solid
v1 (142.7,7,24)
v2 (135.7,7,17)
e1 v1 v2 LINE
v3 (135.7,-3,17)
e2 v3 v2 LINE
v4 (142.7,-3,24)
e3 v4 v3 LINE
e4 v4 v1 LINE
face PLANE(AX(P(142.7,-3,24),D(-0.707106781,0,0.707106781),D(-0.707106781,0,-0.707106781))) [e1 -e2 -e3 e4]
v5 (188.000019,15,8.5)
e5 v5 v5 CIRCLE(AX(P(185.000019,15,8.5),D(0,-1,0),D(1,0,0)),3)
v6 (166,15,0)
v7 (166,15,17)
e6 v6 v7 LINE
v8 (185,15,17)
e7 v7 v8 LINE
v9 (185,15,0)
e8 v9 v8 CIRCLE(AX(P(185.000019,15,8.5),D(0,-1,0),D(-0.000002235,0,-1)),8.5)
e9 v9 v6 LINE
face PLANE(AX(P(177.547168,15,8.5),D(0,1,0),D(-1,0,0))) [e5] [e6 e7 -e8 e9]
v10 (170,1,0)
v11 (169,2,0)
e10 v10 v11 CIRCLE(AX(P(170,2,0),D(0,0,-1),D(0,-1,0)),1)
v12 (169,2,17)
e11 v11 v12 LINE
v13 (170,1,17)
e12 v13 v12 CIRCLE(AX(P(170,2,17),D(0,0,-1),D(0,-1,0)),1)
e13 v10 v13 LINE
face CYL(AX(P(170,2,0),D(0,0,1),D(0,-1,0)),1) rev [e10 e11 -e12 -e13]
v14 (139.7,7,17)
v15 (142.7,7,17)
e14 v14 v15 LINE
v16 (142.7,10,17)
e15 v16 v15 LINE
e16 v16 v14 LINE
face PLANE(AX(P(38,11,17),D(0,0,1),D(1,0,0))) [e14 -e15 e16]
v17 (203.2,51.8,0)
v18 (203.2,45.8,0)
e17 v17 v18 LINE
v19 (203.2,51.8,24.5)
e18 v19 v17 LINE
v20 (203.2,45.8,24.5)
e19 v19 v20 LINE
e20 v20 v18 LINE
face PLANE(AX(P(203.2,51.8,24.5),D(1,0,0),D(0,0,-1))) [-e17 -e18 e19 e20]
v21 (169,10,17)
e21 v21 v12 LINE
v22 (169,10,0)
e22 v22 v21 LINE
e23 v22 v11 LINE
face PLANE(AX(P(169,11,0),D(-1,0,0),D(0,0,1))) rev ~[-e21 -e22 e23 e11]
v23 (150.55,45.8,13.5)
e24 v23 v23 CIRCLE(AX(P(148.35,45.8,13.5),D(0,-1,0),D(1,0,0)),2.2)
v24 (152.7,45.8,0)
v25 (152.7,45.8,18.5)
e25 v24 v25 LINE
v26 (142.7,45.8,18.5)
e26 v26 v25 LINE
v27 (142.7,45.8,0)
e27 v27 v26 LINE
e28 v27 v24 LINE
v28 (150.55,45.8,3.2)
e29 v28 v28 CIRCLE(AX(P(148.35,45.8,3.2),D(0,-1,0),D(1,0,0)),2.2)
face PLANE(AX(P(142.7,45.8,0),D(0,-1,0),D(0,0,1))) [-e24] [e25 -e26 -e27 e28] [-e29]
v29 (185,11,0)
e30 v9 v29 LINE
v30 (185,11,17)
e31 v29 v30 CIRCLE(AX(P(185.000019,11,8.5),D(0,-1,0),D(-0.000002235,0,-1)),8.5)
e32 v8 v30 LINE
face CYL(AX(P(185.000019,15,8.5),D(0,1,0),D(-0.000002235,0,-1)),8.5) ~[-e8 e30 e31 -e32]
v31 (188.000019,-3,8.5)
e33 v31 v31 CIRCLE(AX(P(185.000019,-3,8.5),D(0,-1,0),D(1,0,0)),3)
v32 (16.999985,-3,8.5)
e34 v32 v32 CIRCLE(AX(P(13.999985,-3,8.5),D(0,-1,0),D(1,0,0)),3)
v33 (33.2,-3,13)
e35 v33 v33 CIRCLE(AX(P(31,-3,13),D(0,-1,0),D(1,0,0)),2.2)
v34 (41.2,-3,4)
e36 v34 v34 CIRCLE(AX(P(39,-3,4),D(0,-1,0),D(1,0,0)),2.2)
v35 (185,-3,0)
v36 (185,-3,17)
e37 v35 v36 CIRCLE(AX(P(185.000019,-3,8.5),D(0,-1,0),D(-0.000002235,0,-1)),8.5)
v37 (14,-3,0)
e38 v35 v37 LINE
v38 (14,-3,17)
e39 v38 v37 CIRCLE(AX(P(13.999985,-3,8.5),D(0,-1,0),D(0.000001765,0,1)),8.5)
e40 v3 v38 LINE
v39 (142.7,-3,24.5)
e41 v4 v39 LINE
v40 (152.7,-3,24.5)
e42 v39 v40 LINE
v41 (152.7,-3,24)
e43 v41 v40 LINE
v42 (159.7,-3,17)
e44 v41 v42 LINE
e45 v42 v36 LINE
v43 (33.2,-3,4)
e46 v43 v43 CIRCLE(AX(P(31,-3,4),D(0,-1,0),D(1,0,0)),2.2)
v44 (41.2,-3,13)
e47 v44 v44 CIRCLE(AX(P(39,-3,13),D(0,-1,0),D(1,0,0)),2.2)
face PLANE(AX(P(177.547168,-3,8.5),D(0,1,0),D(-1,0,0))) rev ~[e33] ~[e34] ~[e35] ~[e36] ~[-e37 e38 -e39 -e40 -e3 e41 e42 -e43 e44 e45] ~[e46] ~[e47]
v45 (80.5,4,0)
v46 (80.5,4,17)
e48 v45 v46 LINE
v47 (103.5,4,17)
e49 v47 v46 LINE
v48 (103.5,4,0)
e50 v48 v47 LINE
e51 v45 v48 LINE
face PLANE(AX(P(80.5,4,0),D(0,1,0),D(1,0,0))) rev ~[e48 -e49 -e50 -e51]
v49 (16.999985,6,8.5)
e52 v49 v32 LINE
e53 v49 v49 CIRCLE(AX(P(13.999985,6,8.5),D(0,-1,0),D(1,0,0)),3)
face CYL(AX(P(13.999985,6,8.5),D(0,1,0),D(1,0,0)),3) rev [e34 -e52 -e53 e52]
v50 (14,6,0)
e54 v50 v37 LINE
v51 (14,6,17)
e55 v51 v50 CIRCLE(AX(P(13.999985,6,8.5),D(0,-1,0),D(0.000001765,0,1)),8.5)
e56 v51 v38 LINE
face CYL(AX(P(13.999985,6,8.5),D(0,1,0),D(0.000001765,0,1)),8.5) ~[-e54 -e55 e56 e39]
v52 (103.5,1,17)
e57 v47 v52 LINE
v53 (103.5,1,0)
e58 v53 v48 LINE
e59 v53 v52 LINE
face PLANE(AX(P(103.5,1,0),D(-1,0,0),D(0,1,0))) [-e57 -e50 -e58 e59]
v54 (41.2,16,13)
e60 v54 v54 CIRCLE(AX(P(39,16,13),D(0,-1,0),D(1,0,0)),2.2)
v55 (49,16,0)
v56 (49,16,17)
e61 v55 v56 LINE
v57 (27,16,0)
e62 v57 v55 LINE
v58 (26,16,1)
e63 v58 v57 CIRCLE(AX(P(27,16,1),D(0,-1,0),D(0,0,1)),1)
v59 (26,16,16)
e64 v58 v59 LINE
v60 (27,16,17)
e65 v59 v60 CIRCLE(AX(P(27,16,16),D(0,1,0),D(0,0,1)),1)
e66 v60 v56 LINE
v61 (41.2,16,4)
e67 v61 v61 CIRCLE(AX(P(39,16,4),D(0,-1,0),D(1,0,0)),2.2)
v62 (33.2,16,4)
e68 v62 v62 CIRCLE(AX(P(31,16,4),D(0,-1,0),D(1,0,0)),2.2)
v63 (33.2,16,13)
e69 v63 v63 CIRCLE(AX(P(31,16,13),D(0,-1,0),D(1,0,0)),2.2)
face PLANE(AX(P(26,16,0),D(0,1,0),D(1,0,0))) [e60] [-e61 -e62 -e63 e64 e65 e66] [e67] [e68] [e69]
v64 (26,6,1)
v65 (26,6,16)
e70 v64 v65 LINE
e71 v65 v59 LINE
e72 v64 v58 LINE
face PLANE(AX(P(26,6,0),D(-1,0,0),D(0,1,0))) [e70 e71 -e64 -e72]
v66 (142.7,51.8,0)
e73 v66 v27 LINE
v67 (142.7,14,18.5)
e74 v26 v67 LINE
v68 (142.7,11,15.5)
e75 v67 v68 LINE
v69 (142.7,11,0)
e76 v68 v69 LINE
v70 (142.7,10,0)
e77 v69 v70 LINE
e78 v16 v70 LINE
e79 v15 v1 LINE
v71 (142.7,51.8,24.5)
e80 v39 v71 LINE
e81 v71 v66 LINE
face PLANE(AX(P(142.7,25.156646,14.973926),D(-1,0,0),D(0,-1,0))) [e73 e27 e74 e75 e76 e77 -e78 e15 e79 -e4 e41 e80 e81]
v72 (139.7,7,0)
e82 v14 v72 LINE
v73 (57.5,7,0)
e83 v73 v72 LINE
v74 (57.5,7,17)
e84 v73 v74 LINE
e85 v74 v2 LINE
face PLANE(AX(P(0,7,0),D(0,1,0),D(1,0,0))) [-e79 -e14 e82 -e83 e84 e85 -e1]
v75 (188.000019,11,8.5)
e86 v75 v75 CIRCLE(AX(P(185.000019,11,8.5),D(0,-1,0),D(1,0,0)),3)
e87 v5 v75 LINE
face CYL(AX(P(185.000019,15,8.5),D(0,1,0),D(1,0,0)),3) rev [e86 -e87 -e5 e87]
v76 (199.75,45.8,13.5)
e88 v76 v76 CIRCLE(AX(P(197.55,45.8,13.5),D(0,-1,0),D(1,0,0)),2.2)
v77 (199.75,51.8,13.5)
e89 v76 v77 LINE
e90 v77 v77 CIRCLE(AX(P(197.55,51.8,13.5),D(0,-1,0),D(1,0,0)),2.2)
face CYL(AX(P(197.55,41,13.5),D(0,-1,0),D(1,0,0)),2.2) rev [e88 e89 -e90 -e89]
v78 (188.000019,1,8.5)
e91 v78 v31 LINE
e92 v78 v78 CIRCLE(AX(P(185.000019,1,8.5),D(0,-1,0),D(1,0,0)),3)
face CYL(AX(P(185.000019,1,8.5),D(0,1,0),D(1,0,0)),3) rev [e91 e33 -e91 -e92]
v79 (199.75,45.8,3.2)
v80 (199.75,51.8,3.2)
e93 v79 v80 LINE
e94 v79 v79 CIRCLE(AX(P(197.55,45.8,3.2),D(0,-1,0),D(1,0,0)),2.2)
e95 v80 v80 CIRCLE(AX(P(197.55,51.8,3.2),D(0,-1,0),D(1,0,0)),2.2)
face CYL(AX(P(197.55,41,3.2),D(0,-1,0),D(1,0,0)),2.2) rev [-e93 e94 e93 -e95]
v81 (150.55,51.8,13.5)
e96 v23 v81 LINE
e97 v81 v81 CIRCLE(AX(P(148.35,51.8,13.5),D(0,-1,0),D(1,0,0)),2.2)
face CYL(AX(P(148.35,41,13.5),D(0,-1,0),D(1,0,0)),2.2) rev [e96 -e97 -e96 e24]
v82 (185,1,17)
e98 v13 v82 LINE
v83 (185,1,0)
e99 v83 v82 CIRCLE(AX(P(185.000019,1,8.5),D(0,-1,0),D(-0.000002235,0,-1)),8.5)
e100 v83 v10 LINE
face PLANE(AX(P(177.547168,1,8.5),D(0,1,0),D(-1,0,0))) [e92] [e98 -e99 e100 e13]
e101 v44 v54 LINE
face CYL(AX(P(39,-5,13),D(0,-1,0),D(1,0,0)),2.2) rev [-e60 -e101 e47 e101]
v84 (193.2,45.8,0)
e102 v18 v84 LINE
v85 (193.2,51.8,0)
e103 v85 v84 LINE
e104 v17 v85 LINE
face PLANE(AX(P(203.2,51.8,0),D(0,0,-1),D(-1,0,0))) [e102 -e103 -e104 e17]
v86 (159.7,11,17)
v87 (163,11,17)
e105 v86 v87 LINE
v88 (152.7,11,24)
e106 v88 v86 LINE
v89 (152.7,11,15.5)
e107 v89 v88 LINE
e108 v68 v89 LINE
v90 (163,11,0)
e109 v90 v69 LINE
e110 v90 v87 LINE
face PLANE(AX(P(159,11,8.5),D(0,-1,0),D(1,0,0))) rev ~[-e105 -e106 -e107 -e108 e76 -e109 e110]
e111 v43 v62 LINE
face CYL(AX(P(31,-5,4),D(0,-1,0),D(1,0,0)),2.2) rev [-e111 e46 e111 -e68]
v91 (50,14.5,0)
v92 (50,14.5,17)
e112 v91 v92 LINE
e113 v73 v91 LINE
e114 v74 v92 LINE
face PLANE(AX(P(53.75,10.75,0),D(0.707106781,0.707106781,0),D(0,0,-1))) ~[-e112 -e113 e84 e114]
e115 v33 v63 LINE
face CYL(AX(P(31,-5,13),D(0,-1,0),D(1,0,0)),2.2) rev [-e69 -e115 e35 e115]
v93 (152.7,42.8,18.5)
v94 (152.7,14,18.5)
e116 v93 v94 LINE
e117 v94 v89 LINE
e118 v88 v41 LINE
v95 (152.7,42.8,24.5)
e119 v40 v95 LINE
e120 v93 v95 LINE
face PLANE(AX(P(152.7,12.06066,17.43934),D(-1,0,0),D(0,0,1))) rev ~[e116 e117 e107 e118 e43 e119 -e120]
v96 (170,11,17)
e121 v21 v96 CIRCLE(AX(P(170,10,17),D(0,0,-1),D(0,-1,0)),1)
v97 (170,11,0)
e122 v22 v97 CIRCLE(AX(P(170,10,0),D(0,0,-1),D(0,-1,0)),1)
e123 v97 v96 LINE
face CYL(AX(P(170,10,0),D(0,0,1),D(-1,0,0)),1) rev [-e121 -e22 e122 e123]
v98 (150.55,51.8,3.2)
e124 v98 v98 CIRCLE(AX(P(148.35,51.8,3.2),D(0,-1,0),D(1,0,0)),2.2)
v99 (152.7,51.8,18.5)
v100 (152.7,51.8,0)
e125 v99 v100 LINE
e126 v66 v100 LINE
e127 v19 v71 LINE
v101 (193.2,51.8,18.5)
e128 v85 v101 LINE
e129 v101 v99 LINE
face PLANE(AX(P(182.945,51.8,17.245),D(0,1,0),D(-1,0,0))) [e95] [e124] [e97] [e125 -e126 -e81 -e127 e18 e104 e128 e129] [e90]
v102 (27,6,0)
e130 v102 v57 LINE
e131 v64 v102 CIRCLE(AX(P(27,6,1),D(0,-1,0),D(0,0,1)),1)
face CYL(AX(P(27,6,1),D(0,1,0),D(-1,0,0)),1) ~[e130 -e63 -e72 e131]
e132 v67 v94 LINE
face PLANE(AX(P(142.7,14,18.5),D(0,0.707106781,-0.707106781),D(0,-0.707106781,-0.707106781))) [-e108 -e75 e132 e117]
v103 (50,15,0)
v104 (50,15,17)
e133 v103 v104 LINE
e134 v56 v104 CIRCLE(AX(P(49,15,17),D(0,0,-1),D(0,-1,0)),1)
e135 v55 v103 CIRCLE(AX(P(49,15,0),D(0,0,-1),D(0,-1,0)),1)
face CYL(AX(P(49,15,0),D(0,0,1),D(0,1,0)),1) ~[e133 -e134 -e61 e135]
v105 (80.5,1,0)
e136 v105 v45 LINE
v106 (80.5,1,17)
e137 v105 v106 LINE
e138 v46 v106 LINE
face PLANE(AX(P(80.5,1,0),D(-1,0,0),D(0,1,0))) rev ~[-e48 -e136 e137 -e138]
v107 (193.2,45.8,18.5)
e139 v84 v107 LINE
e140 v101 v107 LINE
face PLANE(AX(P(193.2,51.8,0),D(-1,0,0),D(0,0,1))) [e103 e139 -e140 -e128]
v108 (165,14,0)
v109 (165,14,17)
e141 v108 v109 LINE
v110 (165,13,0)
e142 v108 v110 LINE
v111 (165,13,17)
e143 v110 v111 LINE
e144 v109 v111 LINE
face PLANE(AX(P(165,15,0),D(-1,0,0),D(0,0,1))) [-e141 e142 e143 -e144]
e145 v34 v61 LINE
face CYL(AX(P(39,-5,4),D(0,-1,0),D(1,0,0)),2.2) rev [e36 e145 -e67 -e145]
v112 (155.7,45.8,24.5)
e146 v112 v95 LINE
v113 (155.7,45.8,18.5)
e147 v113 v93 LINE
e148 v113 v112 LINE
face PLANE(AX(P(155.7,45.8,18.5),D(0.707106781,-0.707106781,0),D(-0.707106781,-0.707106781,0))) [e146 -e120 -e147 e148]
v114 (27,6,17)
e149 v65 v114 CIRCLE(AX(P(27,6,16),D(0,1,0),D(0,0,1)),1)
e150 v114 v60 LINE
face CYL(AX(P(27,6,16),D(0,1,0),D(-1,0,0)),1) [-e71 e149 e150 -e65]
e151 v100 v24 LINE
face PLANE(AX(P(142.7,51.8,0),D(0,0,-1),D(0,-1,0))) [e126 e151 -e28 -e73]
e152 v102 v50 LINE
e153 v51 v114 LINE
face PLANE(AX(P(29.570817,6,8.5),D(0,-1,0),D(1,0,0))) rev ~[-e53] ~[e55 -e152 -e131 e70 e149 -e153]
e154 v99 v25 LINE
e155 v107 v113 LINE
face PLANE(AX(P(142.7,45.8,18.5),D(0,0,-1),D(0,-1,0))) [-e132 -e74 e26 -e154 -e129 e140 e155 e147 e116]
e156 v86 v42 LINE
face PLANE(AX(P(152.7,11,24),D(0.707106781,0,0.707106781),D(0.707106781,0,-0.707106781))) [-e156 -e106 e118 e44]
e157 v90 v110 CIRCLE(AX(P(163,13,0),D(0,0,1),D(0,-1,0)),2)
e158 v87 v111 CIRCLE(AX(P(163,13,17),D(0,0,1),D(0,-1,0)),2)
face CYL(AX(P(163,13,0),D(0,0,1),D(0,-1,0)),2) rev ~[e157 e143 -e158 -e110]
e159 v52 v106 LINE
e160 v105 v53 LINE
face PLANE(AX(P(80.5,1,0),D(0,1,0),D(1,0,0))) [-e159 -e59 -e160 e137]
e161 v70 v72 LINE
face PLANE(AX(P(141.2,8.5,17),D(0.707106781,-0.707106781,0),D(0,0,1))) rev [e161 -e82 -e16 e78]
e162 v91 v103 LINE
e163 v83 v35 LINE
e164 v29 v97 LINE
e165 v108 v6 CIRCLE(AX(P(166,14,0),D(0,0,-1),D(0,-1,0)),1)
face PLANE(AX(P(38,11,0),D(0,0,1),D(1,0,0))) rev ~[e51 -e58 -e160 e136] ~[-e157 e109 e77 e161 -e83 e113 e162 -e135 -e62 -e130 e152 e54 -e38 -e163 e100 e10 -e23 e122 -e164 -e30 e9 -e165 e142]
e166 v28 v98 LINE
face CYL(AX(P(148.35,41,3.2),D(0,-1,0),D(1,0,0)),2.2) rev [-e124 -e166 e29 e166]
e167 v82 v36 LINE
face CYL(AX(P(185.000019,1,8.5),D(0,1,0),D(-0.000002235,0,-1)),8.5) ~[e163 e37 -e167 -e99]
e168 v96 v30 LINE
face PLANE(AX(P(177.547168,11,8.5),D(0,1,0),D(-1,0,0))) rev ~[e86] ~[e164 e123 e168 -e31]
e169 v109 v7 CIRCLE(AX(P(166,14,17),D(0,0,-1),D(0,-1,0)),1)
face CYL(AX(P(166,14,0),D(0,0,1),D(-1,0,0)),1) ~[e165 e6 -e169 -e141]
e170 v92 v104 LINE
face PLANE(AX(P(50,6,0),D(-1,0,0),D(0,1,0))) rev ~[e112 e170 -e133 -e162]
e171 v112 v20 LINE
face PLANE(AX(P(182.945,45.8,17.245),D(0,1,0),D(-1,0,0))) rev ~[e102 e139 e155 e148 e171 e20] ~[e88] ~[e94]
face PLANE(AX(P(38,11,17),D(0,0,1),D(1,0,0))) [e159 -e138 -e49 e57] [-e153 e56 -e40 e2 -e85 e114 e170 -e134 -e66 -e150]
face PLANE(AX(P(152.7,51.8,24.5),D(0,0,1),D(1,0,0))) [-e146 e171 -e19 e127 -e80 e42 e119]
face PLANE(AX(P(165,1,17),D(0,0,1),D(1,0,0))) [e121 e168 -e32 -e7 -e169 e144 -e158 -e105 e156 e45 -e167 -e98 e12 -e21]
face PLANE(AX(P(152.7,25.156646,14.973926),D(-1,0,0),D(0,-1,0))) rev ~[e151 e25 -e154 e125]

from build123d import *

# Parameters (mm, degrees)
PAD044_DEPTH           = 10
PAD045_DEPTH           = 6
PAD049_DEPTH           = 14
CYLINDER015_R          = 2.2
CYLINDER015_DEPTH      = 26
CYLINDER015_ROLL_ANGLE = -90
ARRAY004_X_COUNT       = 2
ARRAY004_X_PITCH       = 8
ARRAY004_Z_COUNT       = 2
ARRAY004_Z_PITCH       = 9
BOX022_W               = 24
BOX022_H               = 10
BOX022_DEPTH           = 17
SKETCH016_R            = 3
PAD016_DEPTH           = 9
BOX023_W               = 35
BOX023_H               = 15
BOX023_DEPTH           = 20
BOX014_W               = 23
BOX014_H               = 3
BOX014_DEPTH           = 20
SKETCH_R               = 3
PAD_DEPTH              = 4
SKETCH001_R            = 3
PAD001_DEPTH           = 4
BOX010_W               = 20
BOX010_H               = 17
BOX010_DEPTH           = 10
FILLET001_R            = 1
FILLET001_ROLL_ANGLE   = 90
FILLET002_1_R          = 2
FILLET002_2_R          = 1
BOX_W                  = 167
BOX_H                  = 10
BOX_DEPTH              = 17
CYLINDER_R             = 2.2
CYLINDER_DEPTH         = 18
CYLINDER_ROLL_ANGLE    = -90
ARRAY_X_COUNT          = 2
ARRAY_X_PITCH          = 49.2
ARRAY_Z_COUNT          = 2
ARRAY_Z_PITCH          = 10.3
PAD008_DEPTH           = 6
PAD007_DEPTH           = 10
CHAMFER001_SIZE        = 3
FILLET014_R            = 1
CHAMFER006_SIZE        = 7.5
PAD043_DEPTH           = 10


with BuildPart() as refuerzo3:
    # Sketch044 → Pad044 (new body)
    with BuildSketch(Plane(origin=(142.7, 11, 18.5), x_dir=(0, 0, -1), z_dir=(1, 0, 0))):
        Polygon((0, 0), (0, 3), (3, 0), align=None)
    extrude(amount=PAD044_DEPTH)


with BuildPart() as refuerzo4:
    # Sketch045 → Pad045 (new body)
    with BuildSketch(Plane(origin=(152.7, 45.8, 18.5), x_dir=(0, -1, 0), z_dir=(0, 0, 1))):
        Polygon((0, 0), (0, 3), (3, 0), align=None)
    extrude(amount=PAD045_DEPTH)


with BuildPart() as refuerzo1:
    # Sketch042 → Pad049 (new body)
    with BuildSketch(Plane(origin=(152.7, 11, 17), x_dir=(1, 0, 0), z_dir=(0, -1, 0))):
        Polygon((0, 0), (0, 7), (7, 0), align=None)
    extrude(amount=PAD049_DEPTH)


with BuildPart() as taladros_suje_traccion002:
    # Cylinder015 → Cylinder015 (new body)
    with BuildSketch(Plane.XY):
        Circle(CYLINDER015_R)
    extrude(amount=CYLINDER015_DEPTH)


with BuildPart() as taladros_suje_traccion002_1:
    # Cylinder015 roll: moved
    add(taladros_suje_traccion002.part.rotate(Axis((0, 0, 0), (1, 0, 0)), CYLINDER015_ROLL_ANGLE))


with BuildPart() as taladros_suje_traccion002_2:
    # Cylinder015 placement: moved
    add(taladros_suje_traccion002_1.part.moved(Location((202, 0, 4))))

    # Array004 X: Taladros_suje_traccion002 ×2


with BuildPart() as taladros_suje_traccion002_3:
    add(taladros_suje_traccion002_2.part)
    with Locations(*[(i * ARRAY004_X_PITCH, 0, 0) for i in range(1, ARRAY004_X_COUNT)]):
        add(taladros_suje_traccion002_2.part)

    # Array004 Z: Taladros_suje_traccion002 ×2


with BuildPart() as taladros_suje_traccion002_4:
    add(taladros_suje_traccion002_3.part)
    with Locations(*[(0, 0, i * ARRAY004_Z_PITCH) for i in range(1, ARRAY004_Z_COUNT)]):
        add(taladros_suje_traccion002_3.part)


with BuildPart() as taladros_suje_traccion002_5:
    # Array004 placement: moved
    add(taladros_suje_traccion002_4.part.moved(Location((-171, -5, 0))))


with BuildPart() as suj_traccion001:
    # Box022 → Box022 (new body)
    with BuildSketch(Plane(origin=(26, 6, 0), x_dir=(1, 0, 0), z_dir=(0, 0, 1))):
        with Locations((12, 5)):
            Rectangle(BOX022_W, BOX022_H)
    extrude(amount=BOX022_DEPTH)


with BuildPart() as circulo_tibia_gancho001:
    # Sketch016 → Pad016 (new body)
    with BuildSketch(Plane(origin=(50, 6, 0), x_dir=(1, 0, 0), z_dir=(0, -1, 0))):
        with BuildLine():
            Line((0, 17), (-36, 17))
            ThreePointArc((-36, 17), (-44.500015, 8.5), (-36, 0))
            Line((-36, 0), (0, 0))
            Line((0, 0), (0, 17))
        make_face()
        with Locations((-36.000015, 8.5)):
            Circle(SKETCH016_R, mode=Mode.SUBTRACT)
    extrude(amount=PAD016_DEPTH)


with BuildPart() as resta_redondeo_punta:
    # Box023 → Box023 (new body)
    with BuildSketch(Plane(origin=(-2, -5, 0), x_dir=(1, 0, 0), z_dir=(0, 0, 1))):
        with Locations((17.5, 7.5)):
            Rectangle(BOX023_W, BOX023_H)
    extrude(amount=BOX023_DEPTH)


with BuildPart() as agarre:
    # Box014 → Box014 (new body)
    with BuildSketch(Plane(origin=(80.5, 1, 0), x_dir=(1, 0, 0), z_dir=(0, 0, 1))):
        with Locations((11.5, 1.5)):
            Rectangle(BOX014_W, BOX014_H)
    extrude(amount=BOX014_DEPTH)


with BuildPart() as ciculo_gancho1:
    # Sketch → Pad (new body)
    with BuildSketch(Plane.XY):
        with BuildLine():
            Line((0, 17), (20, 17))
            ThreePointArc((20, 0), (28.500019, 8.5), (20, 17))
            Line((20, 0), (0, 0))
            Line((0, 0), (0, 17))
        make_face()
        with Locations((20.000019, 8.5)):
            Circle(SKETCH_R, mode=Mode.SUBTRACT)
    extrude(amount=PAD_DEPTH)


with BuildPart() as ciculo_gancho2:
    # Sketch001 → Pad001 (new body)
    with BuildSketch(Plane.XY.offset(14)):
        with BuildLine():
            Line((0, 17), (20, 17))
            ThreePointArc((20, 0), (28.500019, 8.5), (20, 17))
            Line((20, 0), (0, 0))
            Line((0, 0), (0, 17))
        make_face()
        with Locations((20.000019, 8.5)):
            Circle(SKETCH001_R, mode=Mode.SUBTRACT)
    extrude(amount=PAD001_DEPTH)


with BuildPart() as gancho_femur:
    # Box010 → Box010 (new body)
    with BuildSketch(Plane(origin=(-16, 0, 4), x_dir=(1, 0, 0), z_dir=(0, 0, 1))):
        with Locations((10, 8.5)):
            Rectangle(BOX010_W, BOX010_H)
    extrude(amount=BOX010_DEPTH)

    # Fusion006: union Ciculo_gancho1, Ciculo_gancho2
    add(ciculo_gancho1.part)
    add(ciculo_gancho2.part)

    # Fillet001
    fillet001_edges = [gancho_femur.edges().sort_by_distance(p)[0] for p in [
        (0, 8.5, 18),
        (-16, 0, 9),
        (-16, 17, 9),
        (0, 8.5, 0),
    ]]
    fillet(fillet001_edges, radius=FILLET001_R)


with BuildPart() as gancho_femur_1:
    # Fillet001 roll: moved
    add(gancho_femur.part.rotate(Axis((0, 0, 0), (1, 0, 0)), FILLET001_ROLL_ANGLE))


with BuildPart() as gancho_femur_2:
    # Fillet001 placement: moved
    add(gancho_femur_1.part.moved(Location((16, 15, 0))))

    # Fillet002 1
    fillet002_1_edges = [gancho_femur_2.edges().sort_by_distance(p)[0] for p in [
        (16, 1, 8.5),
        (16, 11, 8.5),
    ]]
    fillet(fillet002_1_edges, radius=FILLET002_1_R)

    # Fillet002 2
    fillet002_2_edges = [gancho_femur_2.edges().sort_by_distance(p)[0] for p in [
        (20, 1, 8.5),
        (20, 11, 8.5),
    ]]
    fillet(fillet002_2_edges, radius=FILLET002_2_R)


with BuildPart() as gancho_femur_3:
    # Fillet002 placement: moved
    add(gancho_femur_2.part.moved(Location((149, 0, 0))))


with BuildPart() as femur_agarre:
    # Box → Box (new body)
    with BuildSketch(Plane(origin=(0, -3, 0), x_dir=(1, 0, 0), z_dir=(0, 0, 1))):
        with Locations((83.5, 5)):
            Rectangle(BOX_W, BOX_H)
    extrude(amount=BOX_DEPTH)

    # Fusion007: union Gancho_femur
    add(gancho_femur_3.part)

    # Cut005: cut Agarre
    add(agarre.part, mode=Mode.SUBTRACT)


with BuildPart() as taladros_suje_motor:
    # Cylinder → Cylinder (new body)
    with BuildSketch(Plane.XY):
        Circle(CYLINDER_R)
    extrude(amount=CYLINDER_DEPTH)


with BuildPart() as taladros_suje_motor_1:
    # Cylinder roll: moved
    add(taladros_suje_motor.part.rotate(Axis((0, 0, 0), (1, 0, 0)), CYLINDER_ROLL_ANGLE))


with BuildPart() as taladros_suje_motor_2:
    # Cylinder placement: moved
    add(taladros_suje_motor_1.part.moved(Location((150.075, 41, 13.5))))

    # Array X: Taladros_suje_motor ×2


with BuildPart() as taladros_suje_motor_3:
    add(taladros_suje_motor_2.part)
    with Locations(*[(i * ARRAY_X_PITCH, 0, 0) for i in range(1, ARRAY_X_COUNT)]):
        add(taladros_suje_motor_2.part)

    # Array Z: Taladros_suje_motor ×2


with BuildPart() as taladros_suje_motor_4:
    add(taladros_suje_motor_3.part)
    with Locations(*[(0, 0, -i * ARRAY_Z_PITCH) for i in range(1, ARRAY_Z_COUNT)]):
        add(taladros_suje_motor_3.part)


with BuildPart() as suje_motor2:
    # Sketch008 → Pad008 (new body)
    with BuildSketch(Plane(origin=(10, 54.8, 0), x_dir=(1, 0, 0), z_dir=(0, -1, 0))):
        Polygon((0, 18.5), (0, 24.5), (50.5, 24.5), (50.5, 0), (40.5, 0), (40.5, 18.5), align=None)
    extrude(amount=PAD008_DEPTH)


with BuildPart() as femur_refuerzo:
    # Sketch007 → Pad007 (new body)
    with BuildSketch(Plane.YZ):
        Polygon((14, 0), (0, 0), (0, 24.5), (54.8, 24.5), (54.8, 0), (48.8, 0), (48.8, 18.5), (14, 18.5), align=None)
    extrude(amount=PAD007_DEPTH)

    # Fusion009003004: union Suje_motor2
    add(suje_motor2.part)


with BuildPart() as femur_refuerzo_1:
    # Fusion009003004 placement: moved
    add(femur_refuerzo.part.moved(Location((144.425, -3, 0))))

    # Cut: cut Taladros_suje_motor
    add(taladros_suje_motor_4.part, mode=Mode.SUBTRACT)


with BuildPart() as femur_refuerzo_2:
    # Cut placement: moved
    add(femur_refuerzo_1.part.moved(Location((-1.725, 0, 0))))

    # Fusion009003007: union Femur_agarre
    add(femur_agarre.part)

    # Chamfer001
    chamfer001_edges = [femur_refuerzo_2.edges().sort_by_distance(p)[0] for p in [
        (142.7, 7, 8.5),
    ]]
    chamfer(chamfer001_edges, length=CHAMFER001_SIZE)

    # Cut012: cut resta_redondeo_punta
    add(resta_redondeo_punta.part, mode=Mode.SUBTRACT)

    # Fusion009003016: union Circulo_tibia_gancho001
    add(circulo_tibia_gancho001.part)

    # Fusion009003017: union Suj_traccion001
    add(suj_traccion001.part)

    # Cut013: cut Taladros_suje_traccion002
    add(taladros_suje_traccion002_5.part, mode=Mode.SUBTRACT)

    # Fillet014
    fillet014_edges = [femur_refuerzo_2.edges().sort_by_distance(p)[0] for p in [
        (50, 16, 8.5),
        (26, 11, 0),
        (26, 11, 17),
    ]]
    fillet(fillet014_edges, radius=FILLET014_R)

    # Chamfer006
    chamfer006_edges = [femur_refuerzo_2.edges().sort_by_distance(p)[0] for p in [
        (50, 7, 8.5),
    ]]
    chamfer(chamfer006_edges, length=CHAMFER006_SIZE)


with BuildPart() as femur_izquierdo_full:
    # Sketch043 → Pad043 (new body)
    with BuildSketch(Plane(origin=(142.7, -3, 17), x_dir=(-1, 0, 0), z_dir=(0, 1, 0))):
        Polygon((0, 0), (0, 7), (7, 0), align=None)
    extrude(amount=PAD043_DEPTH)

    # Fusion009003044: union Refuerzo3, Refuerzo4, Refuerzo1, Femur_refuerzo
    add(refuerzo3.part)
    add(refuerzo4.part)
    add(refuerzo1.part)
    add(femur_refuerzo_2.part)


solid = femur_izquierdo_full.part
